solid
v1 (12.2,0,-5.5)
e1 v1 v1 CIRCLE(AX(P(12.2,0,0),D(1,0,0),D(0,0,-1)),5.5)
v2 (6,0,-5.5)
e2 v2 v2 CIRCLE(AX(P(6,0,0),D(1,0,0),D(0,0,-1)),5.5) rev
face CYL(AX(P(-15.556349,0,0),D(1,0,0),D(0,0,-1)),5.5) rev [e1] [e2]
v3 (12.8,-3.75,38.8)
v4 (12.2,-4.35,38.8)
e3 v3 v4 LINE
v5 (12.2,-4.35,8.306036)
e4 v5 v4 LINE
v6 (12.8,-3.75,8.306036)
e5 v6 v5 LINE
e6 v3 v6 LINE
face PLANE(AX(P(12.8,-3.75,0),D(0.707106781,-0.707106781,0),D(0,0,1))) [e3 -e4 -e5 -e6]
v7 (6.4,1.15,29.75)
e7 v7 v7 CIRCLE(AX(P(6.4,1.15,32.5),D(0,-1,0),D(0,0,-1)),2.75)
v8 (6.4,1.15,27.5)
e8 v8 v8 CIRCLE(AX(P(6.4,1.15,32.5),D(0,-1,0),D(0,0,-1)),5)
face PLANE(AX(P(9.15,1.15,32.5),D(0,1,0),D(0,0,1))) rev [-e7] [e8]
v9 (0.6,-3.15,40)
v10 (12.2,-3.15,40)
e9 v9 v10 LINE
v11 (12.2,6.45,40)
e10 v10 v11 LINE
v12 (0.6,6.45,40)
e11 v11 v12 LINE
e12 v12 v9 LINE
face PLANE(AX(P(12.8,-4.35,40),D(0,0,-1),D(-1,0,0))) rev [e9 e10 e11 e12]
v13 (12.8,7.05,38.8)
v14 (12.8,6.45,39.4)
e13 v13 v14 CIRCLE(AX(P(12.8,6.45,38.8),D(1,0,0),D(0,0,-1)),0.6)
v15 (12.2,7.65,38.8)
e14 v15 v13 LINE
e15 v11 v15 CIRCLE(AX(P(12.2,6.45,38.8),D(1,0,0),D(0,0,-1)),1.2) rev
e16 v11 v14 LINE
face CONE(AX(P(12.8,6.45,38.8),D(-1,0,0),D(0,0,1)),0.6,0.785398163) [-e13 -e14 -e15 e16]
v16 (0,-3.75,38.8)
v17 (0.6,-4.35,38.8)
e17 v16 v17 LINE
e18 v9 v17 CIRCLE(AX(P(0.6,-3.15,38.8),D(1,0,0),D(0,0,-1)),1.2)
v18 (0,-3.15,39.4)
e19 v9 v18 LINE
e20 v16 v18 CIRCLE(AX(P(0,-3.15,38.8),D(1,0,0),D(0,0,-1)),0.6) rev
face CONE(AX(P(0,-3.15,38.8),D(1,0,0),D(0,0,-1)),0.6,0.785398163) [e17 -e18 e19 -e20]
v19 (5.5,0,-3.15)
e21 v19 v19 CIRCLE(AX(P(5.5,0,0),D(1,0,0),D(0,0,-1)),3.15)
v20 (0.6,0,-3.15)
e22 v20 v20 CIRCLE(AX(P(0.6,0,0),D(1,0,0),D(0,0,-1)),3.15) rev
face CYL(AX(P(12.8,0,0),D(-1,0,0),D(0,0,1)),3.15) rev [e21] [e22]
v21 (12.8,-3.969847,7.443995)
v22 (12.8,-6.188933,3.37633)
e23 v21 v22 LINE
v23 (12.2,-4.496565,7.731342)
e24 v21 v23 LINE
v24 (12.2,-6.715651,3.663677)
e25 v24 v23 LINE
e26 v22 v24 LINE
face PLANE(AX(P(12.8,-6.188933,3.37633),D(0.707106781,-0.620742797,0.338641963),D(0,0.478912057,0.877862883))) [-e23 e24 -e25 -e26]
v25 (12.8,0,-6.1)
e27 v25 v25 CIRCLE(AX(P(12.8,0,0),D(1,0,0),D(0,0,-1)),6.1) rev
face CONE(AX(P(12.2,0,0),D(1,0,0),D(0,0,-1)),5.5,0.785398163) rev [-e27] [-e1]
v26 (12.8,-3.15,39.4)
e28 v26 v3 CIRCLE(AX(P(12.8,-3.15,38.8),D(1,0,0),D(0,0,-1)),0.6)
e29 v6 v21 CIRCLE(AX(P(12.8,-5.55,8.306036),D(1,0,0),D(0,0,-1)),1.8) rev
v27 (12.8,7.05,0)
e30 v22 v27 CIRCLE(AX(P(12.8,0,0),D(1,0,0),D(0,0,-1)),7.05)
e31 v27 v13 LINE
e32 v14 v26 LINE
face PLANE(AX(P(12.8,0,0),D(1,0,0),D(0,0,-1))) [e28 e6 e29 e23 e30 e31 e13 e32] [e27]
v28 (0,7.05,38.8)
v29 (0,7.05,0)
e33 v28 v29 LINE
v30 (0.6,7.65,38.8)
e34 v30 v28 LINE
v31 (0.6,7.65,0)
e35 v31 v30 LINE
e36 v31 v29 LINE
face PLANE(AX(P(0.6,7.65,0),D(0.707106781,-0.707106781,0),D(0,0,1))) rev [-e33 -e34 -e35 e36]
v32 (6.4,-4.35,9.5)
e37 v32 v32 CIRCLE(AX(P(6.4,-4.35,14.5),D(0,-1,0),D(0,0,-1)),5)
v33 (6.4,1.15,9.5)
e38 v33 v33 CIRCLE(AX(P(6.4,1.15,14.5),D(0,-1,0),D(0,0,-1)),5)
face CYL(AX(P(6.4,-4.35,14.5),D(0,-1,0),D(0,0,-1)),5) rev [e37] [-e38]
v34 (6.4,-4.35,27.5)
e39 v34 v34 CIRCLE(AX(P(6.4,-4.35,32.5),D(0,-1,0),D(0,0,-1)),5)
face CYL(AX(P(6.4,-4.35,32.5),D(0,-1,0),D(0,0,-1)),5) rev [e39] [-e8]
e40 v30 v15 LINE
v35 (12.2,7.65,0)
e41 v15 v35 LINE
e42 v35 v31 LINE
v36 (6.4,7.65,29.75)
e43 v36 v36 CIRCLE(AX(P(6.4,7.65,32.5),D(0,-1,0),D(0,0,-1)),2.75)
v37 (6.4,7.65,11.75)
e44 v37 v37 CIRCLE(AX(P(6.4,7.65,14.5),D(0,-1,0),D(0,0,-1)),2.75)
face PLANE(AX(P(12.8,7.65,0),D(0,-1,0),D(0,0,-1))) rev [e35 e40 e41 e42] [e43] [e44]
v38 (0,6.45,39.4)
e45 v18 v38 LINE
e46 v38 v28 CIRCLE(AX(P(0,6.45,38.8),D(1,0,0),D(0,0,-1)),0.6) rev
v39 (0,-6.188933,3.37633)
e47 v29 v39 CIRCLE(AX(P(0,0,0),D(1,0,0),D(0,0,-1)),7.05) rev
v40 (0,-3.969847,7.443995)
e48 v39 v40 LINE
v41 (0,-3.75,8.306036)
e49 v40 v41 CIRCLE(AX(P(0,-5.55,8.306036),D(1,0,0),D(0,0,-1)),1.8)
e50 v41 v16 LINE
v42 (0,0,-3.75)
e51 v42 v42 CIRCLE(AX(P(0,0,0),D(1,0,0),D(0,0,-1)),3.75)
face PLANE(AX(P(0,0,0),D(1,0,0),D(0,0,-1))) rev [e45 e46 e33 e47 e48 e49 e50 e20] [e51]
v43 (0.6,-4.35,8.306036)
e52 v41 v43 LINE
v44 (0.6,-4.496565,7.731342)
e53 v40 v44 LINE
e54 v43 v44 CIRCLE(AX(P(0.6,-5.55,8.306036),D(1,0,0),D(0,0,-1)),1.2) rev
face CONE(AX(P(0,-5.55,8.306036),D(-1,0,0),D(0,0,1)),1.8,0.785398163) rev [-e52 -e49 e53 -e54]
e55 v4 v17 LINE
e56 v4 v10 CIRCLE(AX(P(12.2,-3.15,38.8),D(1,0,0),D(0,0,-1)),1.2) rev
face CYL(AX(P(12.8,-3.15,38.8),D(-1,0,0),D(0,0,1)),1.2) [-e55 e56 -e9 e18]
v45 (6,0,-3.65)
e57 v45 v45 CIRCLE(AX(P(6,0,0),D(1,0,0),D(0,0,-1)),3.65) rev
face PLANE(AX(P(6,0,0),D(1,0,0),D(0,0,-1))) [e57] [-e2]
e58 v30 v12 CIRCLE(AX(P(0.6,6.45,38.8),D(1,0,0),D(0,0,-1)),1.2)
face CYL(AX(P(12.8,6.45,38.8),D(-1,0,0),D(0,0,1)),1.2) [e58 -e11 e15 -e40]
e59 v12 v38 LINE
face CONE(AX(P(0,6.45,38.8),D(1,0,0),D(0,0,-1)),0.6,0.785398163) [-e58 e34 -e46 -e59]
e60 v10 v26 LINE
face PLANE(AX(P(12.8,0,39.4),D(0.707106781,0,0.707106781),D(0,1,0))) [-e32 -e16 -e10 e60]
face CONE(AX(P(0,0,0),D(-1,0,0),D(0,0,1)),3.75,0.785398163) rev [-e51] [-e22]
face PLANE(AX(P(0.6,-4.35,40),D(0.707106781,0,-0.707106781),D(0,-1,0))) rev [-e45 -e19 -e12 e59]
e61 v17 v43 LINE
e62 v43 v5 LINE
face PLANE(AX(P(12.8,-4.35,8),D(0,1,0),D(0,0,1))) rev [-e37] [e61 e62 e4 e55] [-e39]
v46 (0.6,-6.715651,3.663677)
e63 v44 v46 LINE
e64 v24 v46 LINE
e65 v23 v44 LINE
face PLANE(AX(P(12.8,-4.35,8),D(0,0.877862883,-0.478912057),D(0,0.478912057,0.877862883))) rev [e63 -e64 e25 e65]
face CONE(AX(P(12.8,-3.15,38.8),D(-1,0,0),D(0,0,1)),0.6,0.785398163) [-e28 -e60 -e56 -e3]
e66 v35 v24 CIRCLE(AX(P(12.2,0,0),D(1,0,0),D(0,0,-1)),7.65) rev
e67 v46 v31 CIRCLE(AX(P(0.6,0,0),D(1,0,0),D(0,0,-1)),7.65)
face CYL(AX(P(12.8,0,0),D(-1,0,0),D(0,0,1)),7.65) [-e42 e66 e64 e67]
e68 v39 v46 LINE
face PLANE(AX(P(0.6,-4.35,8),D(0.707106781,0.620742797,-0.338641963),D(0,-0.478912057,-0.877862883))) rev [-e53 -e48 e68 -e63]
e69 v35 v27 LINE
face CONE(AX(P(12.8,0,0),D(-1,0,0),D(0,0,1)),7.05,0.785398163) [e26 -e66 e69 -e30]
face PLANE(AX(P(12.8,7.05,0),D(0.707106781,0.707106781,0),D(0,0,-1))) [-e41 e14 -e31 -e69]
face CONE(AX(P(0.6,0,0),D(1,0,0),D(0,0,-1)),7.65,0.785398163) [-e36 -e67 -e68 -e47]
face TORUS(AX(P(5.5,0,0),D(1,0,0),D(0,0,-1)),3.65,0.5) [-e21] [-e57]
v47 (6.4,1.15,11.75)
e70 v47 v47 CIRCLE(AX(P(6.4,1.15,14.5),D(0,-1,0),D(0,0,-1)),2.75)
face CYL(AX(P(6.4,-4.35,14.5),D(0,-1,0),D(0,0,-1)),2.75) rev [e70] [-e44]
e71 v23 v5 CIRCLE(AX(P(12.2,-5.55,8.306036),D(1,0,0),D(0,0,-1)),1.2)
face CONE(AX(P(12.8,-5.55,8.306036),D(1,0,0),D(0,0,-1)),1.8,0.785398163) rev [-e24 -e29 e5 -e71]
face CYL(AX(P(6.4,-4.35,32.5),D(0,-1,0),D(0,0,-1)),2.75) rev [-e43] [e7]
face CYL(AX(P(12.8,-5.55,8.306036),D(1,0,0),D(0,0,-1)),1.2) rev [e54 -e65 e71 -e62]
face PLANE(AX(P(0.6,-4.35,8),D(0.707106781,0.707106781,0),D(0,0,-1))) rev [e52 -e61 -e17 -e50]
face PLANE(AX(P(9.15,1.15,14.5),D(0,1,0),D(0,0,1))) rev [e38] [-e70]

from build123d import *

# Parameters (mm, degrees)
SKETCH5_R                               = 3.15
BOSS_EXTRUDE5_DEPTH                     = 12.8
CBORE_FOR_M5_HEX_HEAD_BOLT1_D           = 5.5
CBORE_FOR_M5_HEX_HEAD_BOLT1_CBORE_D     = 10
CBORE_FOR_M5_HEX_HEAD_BOLT1_CBORE_DEPTH = 5.5
SKETCH8_R                               = 5.5
CUT_EXTRUDE_LEFT_DEPTH                  = 6.8
FILLET5_R                               = 1.2
CHAMFER2_SIZE                           = 0.6
FILLET7_R                               = 0.5


with BuildPart() as part:
    # Sketch5 → Boss-Extrude5 (new body)
    with BuildSketch(Plane(origin=(0, 0, 0), x_dir=(0, -1, 0), z_dir=(1, 0, 0))):
        with BuildLine():
            Line((-7.65, 0), (-7.65, -40))
            Line((-7.65, -40), (4.35, -40))
            Line((4.35, -40), (4.35, -8))
            Line((4.35, -8), (6.715651055, -3.663677239))
            ThreePointArc((6.715651055, -3.663677239), (7.412733321, -1.890472088), (7.65, 0))
            ThreePointArc((7.65, 0), (0, 7.65), (-7.65, 0))
        make_face()
        Circle(SKETCH5_R, mode=Mode.SUBTRACT)
    extrude(amount=BOSS_EXTRUDE5_DEPTH)

    # CBORE for M5 Hex Head Bolt1 (through all)
    with Locations(Plane(origin=(0, -4.35, 0), x_dir=(-1, 0, 0), z_dir=(0, -1, 0))):
        with Locations((-6.4, -14.5), (-6.4, -32.5)):
            CounterBoreHole(CBORE_FOR_M5_HEX_HEAD_BOLT1_D / 2, CBORE_FOR_M5_HEX_HEAD_BOLT1_CBORE_D / 2, CBORE_FOR_M5_HEX_HEAD_BOLT1_CBORE_DEPTH)

    # Sketch8 → Cut-Extrude-LEFT (cut)
    with BuildSketch(Plane(origin=(12.8, 0, 0), x_dir=(0, 0, -1), z_dir=(1, 0, 0))):
        Circle(SKETCH8_R)
    extrude(amount=-CUT_EXTRUDE_LEFT_DEPTH, mode=Mode.SUBTRACT)

    # Fillet5
    fillet5_edges = [part.edges().sort_by_distance(p)[0] for p in [
        (6.4, -4.35, 40),
        (6.4, 7.65, 40),
        (6.4, -4.35, 8),
    ]]
    fillet(fillet5_edges, radius=FILLET5_R)

    # Chamfer2
    chamfer2_edges = [part.edges().sort_by_distance(p)[0] for p in [
        (12.8, -1.890472088, -7.412733321),
        (0, 3.15, 0),
        (12.8, 7.65, 19.4),
        (12.8, 0, 5.5),
        (0, -5.606107798, 5.697509604),
        (12.8, -5.606107798, 5.697509604),
        (0, -4.35, 23.553018219),
        (12.8, -4.35, 23.553018219),
        (0, 1.65, 40),
        (12.8, 1.65, 40),
        (0, -3.998528137, 39.648528137),
        (0, 7.298528137, 39.648528137),
        (12.8, -3.998528137, 39.648528137),
        (12.8, 7.298528137, 39.648528137),
        (0, -4.387218303, 8.009491797),
        (12.8, -4.387218303, 8.009491797),
        (0, 7.65, 19.4),
        (0, -1.890472088, -7.412733321),
    ]]
    chamfer(chamfer2_edges, length=CHAMFER2_SIZE)

    # Fillet7
    fillet7_edges = [part.edges().sort_by_distance(p)[0] for p in [
        (6, 3.15, 0),
    ]]
    fillet(fillet7_edges, radius=FILLET7_R)


solid = part.part
